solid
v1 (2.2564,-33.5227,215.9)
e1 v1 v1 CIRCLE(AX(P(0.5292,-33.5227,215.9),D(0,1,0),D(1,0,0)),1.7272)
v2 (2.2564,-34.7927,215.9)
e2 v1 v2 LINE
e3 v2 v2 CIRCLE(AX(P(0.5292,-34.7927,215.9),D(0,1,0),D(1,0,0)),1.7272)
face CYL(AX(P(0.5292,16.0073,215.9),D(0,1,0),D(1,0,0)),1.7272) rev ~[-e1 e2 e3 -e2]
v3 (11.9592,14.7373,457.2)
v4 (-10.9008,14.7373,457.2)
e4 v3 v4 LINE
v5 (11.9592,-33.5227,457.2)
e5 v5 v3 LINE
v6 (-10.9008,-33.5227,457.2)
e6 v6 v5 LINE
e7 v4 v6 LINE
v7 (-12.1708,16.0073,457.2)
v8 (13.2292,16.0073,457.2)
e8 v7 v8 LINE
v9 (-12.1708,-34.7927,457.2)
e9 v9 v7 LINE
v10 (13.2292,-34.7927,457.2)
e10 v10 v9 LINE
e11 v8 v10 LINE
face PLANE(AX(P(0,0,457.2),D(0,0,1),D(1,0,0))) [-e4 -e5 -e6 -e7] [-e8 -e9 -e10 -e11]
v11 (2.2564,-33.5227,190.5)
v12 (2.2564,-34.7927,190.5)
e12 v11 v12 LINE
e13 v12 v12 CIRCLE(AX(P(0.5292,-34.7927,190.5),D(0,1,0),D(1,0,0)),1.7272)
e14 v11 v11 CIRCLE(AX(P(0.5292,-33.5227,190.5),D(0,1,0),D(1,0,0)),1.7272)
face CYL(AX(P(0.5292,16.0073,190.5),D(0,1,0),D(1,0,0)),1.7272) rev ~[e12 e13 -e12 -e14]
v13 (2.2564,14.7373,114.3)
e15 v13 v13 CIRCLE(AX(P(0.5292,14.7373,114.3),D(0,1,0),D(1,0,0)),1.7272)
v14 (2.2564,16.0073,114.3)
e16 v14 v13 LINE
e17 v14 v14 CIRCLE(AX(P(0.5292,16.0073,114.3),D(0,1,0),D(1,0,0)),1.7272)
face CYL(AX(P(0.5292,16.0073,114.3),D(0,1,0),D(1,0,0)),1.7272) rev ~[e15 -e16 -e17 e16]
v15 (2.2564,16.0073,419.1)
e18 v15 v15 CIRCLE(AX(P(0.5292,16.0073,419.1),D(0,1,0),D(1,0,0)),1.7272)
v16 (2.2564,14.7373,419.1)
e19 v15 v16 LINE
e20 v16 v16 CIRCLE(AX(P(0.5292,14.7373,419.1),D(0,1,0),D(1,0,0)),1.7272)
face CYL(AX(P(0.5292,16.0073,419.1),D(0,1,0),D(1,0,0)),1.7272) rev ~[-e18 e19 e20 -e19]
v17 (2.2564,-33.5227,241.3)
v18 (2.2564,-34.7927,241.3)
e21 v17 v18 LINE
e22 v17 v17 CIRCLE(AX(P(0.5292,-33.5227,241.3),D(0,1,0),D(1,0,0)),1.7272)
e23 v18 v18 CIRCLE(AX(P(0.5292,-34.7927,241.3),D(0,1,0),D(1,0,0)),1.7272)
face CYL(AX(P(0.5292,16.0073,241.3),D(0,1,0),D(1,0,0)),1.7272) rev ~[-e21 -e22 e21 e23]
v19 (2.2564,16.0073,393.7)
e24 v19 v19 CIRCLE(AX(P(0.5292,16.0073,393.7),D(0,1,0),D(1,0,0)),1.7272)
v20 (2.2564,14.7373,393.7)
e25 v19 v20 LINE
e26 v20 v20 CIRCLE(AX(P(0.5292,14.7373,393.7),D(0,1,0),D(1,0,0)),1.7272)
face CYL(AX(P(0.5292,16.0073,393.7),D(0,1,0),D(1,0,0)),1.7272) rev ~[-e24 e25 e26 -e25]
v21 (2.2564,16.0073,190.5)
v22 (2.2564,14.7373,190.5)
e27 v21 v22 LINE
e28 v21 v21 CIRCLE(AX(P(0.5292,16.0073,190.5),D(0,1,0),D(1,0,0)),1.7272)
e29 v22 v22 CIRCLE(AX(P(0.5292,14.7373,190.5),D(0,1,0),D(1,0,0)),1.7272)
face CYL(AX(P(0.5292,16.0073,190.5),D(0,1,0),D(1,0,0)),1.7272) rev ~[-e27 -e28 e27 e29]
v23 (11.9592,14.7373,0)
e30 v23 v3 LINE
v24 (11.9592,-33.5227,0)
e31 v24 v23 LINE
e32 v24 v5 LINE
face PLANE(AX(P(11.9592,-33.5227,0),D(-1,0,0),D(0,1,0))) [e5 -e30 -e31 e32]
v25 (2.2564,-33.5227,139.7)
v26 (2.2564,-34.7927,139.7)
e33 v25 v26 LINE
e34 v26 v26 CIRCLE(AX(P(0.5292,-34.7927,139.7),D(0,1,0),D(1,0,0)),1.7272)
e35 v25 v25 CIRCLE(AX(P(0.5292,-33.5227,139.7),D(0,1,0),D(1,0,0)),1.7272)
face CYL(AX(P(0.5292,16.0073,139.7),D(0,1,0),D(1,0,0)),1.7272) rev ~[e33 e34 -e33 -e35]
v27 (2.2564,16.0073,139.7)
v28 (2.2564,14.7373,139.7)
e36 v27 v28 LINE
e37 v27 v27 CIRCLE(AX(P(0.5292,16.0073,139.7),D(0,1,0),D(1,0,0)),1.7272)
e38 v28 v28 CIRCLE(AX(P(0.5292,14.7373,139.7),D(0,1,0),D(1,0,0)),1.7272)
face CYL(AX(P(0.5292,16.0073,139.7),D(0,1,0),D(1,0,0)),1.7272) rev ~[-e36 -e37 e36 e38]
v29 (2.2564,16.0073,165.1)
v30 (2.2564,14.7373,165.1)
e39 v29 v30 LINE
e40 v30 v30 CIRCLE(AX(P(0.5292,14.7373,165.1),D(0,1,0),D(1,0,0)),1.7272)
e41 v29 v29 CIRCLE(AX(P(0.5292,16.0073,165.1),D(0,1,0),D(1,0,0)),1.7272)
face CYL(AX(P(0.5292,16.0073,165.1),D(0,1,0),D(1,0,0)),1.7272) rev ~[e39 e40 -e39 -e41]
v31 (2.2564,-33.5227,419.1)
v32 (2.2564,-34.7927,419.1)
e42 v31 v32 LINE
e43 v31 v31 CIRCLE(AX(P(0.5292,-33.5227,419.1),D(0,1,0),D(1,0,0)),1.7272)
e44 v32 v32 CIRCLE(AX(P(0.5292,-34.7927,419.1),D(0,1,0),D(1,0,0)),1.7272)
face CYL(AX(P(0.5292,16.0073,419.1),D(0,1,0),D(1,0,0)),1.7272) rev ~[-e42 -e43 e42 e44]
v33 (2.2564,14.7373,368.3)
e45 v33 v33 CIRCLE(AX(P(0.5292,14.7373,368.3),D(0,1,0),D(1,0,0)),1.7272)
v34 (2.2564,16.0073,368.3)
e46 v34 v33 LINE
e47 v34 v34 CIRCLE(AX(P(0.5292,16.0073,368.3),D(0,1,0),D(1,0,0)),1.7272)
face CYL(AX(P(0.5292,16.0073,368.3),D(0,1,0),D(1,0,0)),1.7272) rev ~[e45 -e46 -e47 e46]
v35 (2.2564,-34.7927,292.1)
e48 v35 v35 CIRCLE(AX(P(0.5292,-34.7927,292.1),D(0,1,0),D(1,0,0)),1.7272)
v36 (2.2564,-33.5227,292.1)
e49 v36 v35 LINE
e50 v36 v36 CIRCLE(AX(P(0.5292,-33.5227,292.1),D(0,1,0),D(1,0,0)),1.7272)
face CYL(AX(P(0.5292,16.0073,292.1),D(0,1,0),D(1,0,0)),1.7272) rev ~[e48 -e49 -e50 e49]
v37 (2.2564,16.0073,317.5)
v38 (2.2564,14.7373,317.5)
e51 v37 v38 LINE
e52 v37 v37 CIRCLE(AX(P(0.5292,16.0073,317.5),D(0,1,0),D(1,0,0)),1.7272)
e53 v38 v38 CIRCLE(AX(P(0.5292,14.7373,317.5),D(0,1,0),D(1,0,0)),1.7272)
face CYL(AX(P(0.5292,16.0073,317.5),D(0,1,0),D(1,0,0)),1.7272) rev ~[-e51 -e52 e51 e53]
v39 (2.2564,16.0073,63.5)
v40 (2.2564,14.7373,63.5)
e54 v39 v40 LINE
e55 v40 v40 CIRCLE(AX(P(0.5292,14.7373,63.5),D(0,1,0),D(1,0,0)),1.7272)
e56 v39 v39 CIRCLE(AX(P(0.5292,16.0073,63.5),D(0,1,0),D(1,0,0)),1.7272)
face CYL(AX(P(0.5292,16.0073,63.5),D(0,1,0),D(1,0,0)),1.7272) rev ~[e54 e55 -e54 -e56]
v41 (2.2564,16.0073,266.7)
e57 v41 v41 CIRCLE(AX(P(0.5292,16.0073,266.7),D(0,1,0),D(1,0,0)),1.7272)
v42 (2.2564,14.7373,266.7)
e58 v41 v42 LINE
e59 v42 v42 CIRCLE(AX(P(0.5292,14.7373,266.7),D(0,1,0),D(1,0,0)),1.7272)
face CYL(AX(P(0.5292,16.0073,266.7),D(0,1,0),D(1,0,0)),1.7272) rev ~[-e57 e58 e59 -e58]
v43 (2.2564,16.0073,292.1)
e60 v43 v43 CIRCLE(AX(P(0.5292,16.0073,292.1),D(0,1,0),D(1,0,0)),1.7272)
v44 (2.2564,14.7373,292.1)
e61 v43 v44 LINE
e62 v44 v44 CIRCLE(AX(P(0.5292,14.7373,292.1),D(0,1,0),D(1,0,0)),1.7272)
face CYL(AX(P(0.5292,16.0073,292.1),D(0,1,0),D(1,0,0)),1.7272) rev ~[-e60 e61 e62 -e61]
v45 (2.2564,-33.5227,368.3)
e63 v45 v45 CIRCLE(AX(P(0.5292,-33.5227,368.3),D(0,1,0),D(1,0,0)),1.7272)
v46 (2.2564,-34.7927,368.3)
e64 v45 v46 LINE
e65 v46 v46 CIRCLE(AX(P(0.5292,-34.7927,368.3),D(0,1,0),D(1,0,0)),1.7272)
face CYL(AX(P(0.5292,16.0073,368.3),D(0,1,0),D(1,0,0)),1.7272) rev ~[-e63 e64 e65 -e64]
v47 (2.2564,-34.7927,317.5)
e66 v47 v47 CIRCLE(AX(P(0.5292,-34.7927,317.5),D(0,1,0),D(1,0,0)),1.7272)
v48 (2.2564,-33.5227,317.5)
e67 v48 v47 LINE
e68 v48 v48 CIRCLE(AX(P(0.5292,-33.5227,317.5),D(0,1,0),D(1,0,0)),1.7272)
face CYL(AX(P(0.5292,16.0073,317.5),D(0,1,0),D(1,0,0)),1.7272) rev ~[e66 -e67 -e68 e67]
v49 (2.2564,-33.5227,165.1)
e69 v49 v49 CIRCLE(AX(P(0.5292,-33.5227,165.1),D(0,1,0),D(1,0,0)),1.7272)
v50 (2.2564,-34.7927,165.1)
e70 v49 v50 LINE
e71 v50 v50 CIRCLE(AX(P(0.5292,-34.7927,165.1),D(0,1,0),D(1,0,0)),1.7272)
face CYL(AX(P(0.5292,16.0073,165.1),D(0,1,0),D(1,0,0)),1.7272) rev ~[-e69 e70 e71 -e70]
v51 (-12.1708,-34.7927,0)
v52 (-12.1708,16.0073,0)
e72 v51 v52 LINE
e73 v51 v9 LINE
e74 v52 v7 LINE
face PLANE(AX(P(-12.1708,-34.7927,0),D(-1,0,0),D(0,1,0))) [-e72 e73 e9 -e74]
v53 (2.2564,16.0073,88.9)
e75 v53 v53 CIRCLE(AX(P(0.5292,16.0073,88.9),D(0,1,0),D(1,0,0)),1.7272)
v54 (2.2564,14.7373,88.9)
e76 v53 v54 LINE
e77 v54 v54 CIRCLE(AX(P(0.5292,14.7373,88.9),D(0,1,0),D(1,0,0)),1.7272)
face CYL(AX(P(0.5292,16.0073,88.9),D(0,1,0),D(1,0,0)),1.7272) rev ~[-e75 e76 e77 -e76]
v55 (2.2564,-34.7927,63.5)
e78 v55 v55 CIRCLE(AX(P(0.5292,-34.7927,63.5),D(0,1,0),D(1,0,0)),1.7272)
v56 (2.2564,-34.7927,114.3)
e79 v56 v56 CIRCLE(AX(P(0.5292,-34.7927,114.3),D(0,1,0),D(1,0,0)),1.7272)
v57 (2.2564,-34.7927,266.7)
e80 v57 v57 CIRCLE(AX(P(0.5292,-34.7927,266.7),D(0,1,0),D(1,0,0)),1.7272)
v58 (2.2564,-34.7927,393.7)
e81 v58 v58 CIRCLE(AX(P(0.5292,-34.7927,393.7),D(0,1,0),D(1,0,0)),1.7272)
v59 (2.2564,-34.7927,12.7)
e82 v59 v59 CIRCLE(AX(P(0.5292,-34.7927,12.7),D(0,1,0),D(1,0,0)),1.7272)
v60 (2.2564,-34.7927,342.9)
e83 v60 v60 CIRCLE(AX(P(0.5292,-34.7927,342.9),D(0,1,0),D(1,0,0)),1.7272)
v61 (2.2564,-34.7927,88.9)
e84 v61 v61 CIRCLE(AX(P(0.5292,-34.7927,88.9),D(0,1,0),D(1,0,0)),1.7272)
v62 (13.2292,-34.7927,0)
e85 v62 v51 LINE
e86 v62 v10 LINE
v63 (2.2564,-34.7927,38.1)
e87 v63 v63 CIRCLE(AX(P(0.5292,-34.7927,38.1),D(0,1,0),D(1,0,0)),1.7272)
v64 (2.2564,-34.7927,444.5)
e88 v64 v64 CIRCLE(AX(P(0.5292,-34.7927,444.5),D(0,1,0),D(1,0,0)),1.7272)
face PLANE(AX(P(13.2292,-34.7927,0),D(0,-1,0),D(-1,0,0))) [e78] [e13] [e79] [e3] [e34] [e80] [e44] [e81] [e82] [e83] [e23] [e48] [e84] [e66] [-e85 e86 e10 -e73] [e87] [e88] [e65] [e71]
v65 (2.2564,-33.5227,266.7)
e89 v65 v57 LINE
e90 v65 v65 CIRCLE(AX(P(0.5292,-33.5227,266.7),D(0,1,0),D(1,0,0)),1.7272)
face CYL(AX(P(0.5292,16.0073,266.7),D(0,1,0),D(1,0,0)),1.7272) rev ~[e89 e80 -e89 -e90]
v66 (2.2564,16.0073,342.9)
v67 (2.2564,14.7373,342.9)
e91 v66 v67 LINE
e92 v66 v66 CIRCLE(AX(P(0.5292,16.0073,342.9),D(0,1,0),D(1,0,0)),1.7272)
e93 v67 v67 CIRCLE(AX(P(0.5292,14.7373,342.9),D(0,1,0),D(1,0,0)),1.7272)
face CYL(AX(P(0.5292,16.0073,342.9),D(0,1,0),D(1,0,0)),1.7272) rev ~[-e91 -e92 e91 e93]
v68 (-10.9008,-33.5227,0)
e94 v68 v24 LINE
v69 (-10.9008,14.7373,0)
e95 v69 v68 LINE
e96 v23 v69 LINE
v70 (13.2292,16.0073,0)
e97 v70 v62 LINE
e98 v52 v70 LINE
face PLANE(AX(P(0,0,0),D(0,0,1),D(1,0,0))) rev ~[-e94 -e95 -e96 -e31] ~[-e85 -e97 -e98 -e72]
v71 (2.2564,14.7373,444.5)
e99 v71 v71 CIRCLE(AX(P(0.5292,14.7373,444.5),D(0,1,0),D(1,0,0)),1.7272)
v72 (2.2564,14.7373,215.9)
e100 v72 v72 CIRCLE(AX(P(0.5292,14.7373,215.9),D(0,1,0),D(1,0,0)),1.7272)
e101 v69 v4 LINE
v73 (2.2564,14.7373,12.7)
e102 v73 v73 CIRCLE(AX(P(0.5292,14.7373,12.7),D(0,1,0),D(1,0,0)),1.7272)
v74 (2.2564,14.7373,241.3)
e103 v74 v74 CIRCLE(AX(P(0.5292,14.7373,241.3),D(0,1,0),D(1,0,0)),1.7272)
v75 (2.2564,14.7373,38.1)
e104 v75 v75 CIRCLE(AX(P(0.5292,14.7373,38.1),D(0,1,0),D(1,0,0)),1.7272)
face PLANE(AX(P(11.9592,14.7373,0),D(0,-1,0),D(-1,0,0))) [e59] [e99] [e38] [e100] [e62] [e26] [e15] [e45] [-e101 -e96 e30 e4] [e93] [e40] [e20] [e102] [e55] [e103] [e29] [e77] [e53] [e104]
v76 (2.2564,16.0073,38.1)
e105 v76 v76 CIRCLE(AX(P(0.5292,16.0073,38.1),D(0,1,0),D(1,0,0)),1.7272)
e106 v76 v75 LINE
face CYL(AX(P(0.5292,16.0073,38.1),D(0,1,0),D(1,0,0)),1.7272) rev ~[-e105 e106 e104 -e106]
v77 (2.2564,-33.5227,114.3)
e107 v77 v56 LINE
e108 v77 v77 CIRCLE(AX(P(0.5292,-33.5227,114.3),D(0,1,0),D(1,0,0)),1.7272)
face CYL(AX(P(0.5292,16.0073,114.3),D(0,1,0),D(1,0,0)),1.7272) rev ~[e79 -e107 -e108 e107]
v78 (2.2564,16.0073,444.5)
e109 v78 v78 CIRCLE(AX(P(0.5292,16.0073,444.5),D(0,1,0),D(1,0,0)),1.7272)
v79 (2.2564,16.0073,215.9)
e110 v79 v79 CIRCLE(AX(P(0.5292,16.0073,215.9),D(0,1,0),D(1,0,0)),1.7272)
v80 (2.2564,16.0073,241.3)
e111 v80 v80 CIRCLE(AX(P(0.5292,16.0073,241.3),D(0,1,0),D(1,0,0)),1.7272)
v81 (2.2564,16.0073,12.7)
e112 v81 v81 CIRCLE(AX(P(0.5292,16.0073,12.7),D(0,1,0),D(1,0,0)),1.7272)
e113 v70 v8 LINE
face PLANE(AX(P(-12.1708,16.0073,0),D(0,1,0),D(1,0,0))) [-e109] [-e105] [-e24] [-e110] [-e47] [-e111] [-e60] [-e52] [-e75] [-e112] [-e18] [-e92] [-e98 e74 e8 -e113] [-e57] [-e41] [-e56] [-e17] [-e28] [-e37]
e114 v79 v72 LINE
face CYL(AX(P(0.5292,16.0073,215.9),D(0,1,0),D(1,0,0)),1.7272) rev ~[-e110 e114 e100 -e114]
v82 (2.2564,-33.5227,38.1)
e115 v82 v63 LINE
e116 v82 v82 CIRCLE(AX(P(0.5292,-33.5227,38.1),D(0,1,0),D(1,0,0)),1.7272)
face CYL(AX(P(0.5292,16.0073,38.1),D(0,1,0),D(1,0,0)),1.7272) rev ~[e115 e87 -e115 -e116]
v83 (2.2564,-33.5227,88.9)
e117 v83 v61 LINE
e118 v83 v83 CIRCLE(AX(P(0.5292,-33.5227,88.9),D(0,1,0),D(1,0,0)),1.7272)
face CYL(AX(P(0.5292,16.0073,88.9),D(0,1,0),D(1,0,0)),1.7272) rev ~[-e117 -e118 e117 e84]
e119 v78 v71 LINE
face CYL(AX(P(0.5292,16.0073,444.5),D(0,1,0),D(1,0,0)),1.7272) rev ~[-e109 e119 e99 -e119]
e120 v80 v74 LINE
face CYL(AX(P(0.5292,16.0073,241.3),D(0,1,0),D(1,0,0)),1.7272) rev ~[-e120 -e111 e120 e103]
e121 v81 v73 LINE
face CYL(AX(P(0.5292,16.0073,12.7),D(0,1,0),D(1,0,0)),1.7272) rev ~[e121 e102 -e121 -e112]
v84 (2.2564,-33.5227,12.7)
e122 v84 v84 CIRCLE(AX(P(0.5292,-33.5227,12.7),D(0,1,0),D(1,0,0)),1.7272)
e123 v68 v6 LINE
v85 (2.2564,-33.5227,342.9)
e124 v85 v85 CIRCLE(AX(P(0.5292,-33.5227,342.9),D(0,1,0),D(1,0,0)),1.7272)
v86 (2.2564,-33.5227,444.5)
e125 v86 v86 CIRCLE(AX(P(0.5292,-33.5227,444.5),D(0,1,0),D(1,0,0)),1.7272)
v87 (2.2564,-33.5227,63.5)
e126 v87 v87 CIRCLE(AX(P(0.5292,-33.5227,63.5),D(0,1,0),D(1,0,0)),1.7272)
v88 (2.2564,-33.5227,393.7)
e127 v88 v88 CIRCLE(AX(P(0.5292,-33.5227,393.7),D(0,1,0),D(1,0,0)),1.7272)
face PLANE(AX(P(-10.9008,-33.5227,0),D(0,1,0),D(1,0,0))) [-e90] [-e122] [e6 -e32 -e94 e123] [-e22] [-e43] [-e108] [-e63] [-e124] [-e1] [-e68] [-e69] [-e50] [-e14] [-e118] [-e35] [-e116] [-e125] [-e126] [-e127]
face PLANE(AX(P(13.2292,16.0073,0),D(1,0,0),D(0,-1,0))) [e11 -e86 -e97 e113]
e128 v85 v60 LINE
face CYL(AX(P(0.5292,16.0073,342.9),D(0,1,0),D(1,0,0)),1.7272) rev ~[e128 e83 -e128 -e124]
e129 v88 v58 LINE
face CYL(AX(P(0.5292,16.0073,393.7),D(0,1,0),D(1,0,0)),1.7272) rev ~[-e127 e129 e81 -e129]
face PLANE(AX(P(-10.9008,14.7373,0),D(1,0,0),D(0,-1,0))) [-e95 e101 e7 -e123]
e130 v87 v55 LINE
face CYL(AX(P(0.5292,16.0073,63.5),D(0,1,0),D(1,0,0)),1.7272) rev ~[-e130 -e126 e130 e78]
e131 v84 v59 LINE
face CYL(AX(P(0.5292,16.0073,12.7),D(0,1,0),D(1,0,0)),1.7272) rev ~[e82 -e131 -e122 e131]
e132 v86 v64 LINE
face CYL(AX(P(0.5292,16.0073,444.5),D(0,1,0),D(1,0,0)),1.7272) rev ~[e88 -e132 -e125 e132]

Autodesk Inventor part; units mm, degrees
ref_plane "YZ Plane" through (0, 0, 0) normal (1, 0, 0) x (0, 1, 0)
ref_plane "XZ Plane" through (0, 0, 0) normal (0, 1, 0) x (-1, 0, 0)
ref_plane "XY Plane" through (0, 0, 0) normal (0, 0, 1) x (1, 0, 0)
sketch "Sketch1" plane through (0, 0, 0) normal (0, 0, 1) x (1, 0, 0)
  line L0 (-12.1708, 16.0073) -> (13.2292, 16.0073)
  line L1 (13.2292, 16.0073) -> (13.2292, -34.7927)
  line L2 (13.2292, -34.7927) -> (-12.1708, -34.7927)
  line L3 (-12.1708, -34.7927) -> (-12.1708, 16.0073)
  line L4 (11.9592, 14.7373) -> (-10.9008, 14.7373)
  line L5 (-10.9008, 14.7373) -> (-10.9008, -33.5227)
  line L6 (-10.9008, -33.5227) -> (11.9592, -33.5227)
  line L7 (11.9592, -33.5227) -> (11.9592, 14.7373)
  point P0 (0, 0)
  dimension "d0" = 25.4
  dimension "d1" = 50.8
  dimension "d2" = 1.27
extrude "Extrusion1" add sketch "Sketch1" along normal blind 457.2
sketch "Sketch2" plane through (-12.1708, 16.0073, 0) normal (0, 1, 0) x (1, 0, 0)
  circle A0 centre (12.7, -12.7) radius 1.7272
  line L0 (25.4, 0) -> (0, 0) projected
  line L1 (0, 0) -> (0, -457.2) projected
  point P0 (12.1708, 0)
  dimension "d5" = 3.4544
  dimension "d6" = 12.7
  dimension "d7" = 12.7
extrude "Extrusion2" cut sketch "Sketch2" against normal through all
pattern_linear "Rectangular Pattern1" count 46 spacing 25.4 along (0, 0, 1) of "Extrusion2"
equation "\"d3\" = d13"
equation "\"d10\" = d14"
equation "\"d13\" = 457.2"
equation "\"d14\" = d13"
properties part number "VersaFrame-18"
